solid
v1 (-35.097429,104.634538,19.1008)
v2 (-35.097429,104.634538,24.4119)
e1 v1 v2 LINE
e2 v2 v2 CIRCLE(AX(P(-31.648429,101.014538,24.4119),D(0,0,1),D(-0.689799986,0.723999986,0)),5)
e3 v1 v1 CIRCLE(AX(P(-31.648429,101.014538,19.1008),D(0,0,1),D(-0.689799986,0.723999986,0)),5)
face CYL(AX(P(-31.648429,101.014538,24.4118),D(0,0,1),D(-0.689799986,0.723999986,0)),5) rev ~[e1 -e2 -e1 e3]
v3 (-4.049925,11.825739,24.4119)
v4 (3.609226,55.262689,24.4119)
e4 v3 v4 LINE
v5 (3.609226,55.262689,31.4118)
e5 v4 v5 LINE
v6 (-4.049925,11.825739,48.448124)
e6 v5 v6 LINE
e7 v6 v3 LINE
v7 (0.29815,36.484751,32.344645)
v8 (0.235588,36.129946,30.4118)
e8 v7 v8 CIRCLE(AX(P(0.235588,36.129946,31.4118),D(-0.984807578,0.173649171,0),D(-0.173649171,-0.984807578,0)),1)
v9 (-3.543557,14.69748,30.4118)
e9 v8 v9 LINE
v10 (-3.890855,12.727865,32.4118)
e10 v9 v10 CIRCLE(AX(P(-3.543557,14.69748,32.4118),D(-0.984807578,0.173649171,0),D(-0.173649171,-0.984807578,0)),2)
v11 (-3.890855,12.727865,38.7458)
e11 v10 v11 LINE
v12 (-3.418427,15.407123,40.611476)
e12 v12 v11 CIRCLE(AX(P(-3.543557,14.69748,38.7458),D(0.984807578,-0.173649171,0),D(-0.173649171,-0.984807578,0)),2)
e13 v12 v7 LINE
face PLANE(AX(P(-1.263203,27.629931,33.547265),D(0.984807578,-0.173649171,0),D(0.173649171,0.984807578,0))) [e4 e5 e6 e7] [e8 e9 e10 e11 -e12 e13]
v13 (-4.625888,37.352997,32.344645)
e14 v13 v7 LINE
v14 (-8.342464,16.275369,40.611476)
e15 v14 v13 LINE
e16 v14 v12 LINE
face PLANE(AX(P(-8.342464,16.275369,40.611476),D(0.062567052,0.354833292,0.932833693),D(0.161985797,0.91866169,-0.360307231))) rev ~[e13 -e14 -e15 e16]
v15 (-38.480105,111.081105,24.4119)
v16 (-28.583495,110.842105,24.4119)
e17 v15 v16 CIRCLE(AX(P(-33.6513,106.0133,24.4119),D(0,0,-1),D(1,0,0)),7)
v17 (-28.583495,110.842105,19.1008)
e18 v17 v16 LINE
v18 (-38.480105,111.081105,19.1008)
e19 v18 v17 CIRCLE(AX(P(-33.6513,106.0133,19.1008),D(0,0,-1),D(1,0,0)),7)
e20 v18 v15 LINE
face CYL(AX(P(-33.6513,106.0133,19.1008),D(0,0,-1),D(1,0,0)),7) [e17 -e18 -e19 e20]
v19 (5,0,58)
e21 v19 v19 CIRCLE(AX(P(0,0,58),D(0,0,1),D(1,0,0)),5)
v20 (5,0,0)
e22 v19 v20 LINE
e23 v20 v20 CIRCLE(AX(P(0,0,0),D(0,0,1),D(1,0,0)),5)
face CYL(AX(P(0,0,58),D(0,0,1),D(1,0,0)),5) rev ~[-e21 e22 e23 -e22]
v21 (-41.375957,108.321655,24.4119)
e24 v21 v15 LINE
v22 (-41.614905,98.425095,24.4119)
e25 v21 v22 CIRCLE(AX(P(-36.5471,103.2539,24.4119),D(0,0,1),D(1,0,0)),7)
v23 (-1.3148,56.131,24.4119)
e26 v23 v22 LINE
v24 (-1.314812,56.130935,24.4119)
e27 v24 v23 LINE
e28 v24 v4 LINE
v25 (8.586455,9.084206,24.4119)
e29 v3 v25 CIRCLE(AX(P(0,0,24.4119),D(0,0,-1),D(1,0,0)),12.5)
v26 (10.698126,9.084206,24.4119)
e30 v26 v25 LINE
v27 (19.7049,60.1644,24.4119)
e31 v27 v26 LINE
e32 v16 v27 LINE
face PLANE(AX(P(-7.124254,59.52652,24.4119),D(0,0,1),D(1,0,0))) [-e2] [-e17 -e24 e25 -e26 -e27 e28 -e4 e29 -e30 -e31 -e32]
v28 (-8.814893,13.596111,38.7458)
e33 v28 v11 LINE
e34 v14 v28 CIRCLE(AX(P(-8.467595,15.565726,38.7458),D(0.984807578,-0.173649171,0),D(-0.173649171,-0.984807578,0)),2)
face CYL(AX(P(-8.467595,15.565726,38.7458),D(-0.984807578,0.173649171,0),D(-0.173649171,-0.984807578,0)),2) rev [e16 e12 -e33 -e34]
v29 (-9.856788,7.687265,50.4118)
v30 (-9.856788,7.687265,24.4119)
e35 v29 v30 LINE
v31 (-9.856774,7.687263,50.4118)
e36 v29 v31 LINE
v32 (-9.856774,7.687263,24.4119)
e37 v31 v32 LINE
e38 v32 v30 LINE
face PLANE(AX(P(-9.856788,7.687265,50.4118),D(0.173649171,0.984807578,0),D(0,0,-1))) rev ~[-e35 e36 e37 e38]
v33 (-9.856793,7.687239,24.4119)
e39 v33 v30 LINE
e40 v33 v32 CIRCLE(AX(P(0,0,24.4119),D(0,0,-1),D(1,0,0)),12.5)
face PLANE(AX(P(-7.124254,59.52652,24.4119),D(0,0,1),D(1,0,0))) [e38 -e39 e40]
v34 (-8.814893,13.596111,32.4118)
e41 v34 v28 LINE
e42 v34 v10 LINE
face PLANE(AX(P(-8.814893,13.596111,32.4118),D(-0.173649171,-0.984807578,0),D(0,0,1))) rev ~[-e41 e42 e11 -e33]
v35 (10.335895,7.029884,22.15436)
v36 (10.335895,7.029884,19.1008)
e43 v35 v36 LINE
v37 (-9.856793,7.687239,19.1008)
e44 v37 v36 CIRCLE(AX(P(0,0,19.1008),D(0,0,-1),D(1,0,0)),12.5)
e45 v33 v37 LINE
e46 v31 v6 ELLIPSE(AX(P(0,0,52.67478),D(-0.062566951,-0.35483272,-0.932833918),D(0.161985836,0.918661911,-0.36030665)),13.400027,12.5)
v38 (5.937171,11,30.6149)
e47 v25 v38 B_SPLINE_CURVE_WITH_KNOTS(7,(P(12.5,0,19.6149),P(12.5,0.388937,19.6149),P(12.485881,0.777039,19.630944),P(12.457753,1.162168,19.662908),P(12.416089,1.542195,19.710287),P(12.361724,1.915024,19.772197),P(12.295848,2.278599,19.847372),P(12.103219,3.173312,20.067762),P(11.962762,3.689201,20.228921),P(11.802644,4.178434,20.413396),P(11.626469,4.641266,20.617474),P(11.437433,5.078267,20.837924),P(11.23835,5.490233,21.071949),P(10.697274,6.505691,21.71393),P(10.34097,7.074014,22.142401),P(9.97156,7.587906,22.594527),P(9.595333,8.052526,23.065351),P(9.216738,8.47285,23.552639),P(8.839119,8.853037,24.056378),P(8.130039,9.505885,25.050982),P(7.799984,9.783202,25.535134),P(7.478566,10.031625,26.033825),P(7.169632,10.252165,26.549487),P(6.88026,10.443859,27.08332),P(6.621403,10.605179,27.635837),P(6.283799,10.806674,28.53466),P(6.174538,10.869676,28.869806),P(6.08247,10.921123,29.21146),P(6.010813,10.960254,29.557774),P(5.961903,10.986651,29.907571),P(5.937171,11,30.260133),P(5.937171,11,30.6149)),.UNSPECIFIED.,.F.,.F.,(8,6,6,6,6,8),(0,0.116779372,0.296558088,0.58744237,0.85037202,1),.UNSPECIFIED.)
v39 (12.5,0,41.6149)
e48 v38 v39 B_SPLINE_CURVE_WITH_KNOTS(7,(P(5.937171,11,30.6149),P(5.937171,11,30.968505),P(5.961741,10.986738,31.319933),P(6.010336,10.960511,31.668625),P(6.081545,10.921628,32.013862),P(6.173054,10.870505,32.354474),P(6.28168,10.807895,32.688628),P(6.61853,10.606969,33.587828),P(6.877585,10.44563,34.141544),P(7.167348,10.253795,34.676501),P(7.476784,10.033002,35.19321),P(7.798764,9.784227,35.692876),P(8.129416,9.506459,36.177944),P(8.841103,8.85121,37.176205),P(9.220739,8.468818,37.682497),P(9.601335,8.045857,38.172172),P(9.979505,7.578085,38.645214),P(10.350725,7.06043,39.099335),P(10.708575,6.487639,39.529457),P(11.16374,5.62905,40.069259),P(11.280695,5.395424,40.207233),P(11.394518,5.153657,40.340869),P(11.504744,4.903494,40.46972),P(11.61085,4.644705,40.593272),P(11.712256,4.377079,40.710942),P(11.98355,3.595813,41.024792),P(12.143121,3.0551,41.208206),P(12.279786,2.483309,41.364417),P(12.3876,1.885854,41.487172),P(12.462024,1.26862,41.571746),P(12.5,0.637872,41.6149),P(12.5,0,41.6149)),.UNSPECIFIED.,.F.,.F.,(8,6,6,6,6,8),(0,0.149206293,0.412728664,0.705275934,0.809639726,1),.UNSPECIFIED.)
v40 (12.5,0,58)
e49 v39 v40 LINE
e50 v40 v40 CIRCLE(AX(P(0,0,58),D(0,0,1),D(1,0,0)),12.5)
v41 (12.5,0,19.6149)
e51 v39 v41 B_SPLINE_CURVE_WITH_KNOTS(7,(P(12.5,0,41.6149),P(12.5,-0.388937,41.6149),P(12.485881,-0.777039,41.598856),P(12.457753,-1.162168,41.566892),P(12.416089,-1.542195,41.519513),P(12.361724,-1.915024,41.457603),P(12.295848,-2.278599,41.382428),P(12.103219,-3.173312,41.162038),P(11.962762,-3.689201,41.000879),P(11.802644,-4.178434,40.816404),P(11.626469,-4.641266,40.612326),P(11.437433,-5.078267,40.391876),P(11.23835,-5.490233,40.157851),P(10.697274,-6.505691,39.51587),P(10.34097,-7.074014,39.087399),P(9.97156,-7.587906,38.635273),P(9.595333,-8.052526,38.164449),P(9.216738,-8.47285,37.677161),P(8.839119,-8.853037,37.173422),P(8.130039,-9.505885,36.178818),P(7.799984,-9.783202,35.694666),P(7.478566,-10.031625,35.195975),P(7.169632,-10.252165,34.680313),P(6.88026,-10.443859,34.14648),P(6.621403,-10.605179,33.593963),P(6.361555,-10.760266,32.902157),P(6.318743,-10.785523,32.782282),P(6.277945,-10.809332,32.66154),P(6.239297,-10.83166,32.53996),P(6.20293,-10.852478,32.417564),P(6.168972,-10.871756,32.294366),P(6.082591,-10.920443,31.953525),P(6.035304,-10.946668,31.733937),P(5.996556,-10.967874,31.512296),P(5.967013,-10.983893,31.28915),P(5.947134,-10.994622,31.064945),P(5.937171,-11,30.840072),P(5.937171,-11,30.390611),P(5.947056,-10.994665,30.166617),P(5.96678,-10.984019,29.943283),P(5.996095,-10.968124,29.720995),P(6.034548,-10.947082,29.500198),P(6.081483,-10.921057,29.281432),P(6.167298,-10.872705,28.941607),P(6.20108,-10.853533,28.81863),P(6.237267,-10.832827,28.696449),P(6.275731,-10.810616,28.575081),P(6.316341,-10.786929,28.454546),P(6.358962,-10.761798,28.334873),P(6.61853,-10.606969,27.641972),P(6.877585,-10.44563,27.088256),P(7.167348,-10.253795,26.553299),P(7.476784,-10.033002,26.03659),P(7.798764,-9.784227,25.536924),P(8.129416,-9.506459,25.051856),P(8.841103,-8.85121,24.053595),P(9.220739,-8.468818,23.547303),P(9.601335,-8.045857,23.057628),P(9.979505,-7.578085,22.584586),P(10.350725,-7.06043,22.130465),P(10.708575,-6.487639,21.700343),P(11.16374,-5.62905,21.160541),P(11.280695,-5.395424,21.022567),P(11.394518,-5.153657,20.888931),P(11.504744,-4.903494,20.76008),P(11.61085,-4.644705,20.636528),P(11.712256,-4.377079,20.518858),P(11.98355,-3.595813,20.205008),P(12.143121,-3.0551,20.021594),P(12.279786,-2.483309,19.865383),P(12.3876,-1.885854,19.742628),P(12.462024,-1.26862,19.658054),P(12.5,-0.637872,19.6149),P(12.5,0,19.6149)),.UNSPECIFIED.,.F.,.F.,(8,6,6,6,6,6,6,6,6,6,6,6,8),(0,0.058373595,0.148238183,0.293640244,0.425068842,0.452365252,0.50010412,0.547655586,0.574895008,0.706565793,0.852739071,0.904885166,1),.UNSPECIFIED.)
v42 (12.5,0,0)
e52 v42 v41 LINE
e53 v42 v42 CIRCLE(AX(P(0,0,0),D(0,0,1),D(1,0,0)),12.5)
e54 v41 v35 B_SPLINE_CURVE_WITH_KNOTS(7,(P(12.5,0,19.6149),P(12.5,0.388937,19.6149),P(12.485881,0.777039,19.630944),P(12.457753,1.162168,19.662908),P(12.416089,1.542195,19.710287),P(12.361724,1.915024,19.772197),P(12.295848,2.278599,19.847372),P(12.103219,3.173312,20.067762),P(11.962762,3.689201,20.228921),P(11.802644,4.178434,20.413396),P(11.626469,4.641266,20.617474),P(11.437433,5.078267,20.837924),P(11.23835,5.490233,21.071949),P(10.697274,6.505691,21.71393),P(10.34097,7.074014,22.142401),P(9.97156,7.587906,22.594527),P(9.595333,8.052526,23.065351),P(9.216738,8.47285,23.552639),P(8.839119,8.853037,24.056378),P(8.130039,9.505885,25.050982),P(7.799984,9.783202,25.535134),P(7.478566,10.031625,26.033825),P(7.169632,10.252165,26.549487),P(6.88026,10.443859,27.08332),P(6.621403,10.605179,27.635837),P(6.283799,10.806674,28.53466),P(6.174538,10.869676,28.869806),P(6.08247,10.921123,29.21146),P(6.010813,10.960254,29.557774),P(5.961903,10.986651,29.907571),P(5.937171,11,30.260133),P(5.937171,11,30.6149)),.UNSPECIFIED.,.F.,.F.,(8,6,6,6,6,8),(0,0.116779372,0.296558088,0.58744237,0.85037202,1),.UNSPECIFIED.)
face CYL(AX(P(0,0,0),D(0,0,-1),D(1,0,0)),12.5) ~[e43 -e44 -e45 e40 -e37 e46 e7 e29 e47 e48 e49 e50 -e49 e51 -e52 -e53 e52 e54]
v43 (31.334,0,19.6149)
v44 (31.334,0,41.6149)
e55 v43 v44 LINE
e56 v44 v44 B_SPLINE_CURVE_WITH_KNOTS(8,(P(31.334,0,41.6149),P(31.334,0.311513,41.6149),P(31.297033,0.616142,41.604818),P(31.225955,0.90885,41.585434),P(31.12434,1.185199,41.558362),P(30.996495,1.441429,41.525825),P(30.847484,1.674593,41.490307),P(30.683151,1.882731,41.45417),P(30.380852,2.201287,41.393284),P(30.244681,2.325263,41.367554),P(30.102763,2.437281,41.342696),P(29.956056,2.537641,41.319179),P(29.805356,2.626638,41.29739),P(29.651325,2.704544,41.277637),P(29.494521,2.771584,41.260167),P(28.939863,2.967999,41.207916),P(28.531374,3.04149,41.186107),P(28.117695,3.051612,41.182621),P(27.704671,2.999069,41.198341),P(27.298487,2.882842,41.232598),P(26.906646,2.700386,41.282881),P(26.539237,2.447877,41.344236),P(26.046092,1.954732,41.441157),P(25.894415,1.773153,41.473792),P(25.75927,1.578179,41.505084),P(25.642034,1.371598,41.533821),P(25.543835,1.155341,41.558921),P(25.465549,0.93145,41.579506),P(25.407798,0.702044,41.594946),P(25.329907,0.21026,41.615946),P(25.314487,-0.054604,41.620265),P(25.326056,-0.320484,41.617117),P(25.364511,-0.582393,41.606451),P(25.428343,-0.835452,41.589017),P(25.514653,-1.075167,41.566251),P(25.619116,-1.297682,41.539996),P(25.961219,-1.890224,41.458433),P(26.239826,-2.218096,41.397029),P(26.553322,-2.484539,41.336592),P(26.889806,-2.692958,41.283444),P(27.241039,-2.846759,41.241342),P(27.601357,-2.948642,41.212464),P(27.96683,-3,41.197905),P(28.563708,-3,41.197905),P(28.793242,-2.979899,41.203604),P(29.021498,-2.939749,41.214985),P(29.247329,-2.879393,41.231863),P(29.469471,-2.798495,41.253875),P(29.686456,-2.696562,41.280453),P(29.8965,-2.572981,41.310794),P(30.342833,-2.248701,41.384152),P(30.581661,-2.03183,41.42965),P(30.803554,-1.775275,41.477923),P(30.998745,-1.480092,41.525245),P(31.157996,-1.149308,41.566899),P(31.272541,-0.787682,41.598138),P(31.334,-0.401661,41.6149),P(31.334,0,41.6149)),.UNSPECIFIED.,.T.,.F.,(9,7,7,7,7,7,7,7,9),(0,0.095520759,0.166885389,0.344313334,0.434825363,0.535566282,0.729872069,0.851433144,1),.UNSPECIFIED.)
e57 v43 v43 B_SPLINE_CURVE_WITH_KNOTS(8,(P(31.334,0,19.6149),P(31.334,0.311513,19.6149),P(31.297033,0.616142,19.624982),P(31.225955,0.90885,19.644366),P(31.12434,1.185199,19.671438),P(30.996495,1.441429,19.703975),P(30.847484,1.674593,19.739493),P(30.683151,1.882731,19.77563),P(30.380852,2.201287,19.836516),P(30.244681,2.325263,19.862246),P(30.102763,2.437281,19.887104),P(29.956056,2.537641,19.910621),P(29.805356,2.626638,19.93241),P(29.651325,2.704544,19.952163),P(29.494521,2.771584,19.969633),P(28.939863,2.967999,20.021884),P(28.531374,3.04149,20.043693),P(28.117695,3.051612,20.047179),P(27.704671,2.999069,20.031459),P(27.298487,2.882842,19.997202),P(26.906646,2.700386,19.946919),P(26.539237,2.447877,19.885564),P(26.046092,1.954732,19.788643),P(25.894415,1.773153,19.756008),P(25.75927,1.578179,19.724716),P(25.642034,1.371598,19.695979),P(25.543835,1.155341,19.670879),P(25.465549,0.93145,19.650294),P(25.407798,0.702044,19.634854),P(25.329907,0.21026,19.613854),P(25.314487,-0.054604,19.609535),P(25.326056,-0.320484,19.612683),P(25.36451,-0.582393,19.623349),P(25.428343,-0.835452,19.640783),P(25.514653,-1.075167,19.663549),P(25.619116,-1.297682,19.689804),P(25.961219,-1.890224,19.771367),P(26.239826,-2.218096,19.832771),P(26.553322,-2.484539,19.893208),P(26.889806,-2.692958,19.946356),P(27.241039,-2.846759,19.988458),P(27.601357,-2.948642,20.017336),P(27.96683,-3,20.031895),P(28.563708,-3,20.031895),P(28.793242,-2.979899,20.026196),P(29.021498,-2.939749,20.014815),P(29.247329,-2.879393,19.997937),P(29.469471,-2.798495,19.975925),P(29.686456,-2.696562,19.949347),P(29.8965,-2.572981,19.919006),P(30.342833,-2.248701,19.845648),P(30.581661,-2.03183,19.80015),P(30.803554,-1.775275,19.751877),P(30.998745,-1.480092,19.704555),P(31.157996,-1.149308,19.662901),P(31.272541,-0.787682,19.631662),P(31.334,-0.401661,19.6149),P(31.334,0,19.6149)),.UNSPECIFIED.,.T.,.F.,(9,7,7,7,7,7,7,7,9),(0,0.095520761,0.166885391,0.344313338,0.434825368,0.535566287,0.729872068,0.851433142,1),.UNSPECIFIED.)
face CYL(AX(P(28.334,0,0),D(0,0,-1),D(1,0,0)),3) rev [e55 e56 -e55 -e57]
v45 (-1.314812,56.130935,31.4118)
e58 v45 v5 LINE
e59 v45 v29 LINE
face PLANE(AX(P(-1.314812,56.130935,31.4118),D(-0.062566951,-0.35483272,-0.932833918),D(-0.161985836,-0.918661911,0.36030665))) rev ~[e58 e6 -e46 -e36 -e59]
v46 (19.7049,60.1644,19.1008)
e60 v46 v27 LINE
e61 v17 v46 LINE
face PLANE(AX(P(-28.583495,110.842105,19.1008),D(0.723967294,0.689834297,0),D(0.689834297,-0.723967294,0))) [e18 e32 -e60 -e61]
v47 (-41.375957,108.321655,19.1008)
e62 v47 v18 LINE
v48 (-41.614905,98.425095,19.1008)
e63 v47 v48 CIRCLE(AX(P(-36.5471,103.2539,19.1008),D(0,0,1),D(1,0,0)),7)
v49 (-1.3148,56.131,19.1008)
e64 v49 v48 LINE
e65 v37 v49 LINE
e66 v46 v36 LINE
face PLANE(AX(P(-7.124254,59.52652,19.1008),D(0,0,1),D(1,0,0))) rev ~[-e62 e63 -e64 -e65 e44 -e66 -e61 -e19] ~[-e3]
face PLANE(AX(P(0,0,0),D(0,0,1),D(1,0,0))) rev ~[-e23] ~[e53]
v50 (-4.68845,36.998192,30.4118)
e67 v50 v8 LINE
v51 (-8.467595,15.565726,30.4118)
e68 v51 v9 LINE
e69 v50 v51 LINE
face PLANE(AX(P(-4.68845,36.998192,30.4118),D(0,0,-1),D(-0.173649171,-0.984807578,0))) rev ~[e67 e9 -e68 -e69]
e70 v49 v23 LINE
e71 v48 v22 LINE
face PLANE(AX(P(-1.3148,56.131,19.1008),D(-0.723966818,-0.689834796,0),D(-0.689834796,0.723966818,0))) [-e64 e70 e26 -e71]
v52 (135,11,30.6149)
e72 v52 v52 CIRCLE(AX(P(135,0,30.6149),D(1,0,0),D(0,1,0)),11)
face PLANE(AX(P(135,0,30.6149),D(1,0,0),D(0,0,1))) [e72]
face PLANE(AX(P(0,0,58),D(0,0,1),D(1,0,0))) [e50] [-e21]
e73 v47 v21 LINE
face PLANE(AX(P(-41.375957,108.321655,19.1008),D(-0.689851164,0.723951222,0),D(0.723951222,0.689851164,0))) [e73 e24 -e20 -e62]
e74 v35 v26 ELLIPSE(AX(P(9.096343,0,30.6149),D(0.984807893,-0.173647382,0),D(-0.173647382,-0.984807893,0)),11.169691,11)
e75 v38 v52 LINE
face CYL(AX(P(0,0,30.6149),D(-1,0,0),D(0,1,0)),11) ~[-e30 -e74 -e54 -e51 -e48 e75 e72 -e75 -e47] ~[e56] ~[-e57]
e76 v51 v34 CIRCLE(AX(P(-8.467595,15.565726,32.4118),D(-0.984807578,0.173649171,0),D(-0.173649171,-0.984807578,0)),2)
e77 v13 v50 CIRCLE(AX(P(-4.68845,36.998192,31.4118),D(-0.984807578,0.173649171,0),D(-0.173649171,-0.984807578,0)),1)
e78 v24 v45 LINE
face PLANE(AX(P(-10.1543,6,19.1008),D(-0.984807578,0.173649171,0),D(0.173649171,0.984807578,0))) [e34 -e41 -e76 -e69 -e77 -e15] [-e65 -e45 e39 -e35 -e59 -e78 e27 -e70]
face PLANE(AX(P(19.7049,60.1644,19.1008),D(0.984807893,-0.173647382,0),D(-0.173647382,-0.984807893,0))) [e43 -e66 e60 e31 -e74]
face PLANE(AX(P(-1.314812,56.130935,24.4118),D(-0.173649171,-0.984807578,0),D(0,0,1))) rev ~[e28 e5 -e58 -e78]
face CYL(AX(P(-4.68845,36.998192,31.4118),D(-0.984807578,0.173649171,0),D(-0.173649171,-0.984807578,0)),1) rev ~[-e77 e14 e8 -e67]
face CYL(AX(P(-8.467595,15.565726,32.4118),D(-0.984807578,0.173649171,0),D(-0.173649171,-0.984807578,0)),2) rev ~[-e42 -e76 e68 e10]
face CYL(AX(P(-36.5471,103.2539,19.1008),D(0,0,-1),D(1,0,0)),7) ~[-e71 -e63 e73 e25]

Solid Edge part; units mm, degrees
sketch "Sketch1" plane through (0, 0, 0) normal (0, 0, 1) x (1, 0, 0)
  circle A0 centre (0, 0) radius 12.5
extrude "Protrusion1" add sketch "Sketch1" along normal blind 58
sketch "Sketch2" plane through (0, 0, 0) normal (1, 0, 0) x (0, 1, 0)
  circle A0 centre (0, 30.6149) radius 11
extrude "ExtrudedProtrusion_2" add sketch "Sketch2" along normal blind 135
sketch "Sketch3" plane through (0, 0, 58) normal (0, 0, 1) x (1, 0, 0)
  circle A0 centre (0, 0) radius 5
extrude "ExtrudedCutout_1" cut sketch "Sketch3" against normal blind 74.8467
cosmetic_thread "Thread_1" size "Tr 22 x 8" thread depth 22
sketch "Sketch4" plane through (0, 0, 0) normal (0, 0, 1) x (1, 0, 0)
  circle A0 centre (28.334, 0) radius 3
extrude "ExtrudedCutout_2" cut sketch "Sketch4" along normal blind 57.1507
sketch "Sketch5" plane through (0, 0, 19.1008) normal (0, 0, 1) x (1, 0, 0)
  arc A0 (-10.1543, 6) -> (10.1543, 6) centre (0, 0) cw
  line L0 (19.7049, 60.1644) -> (10.1543, 6)
  line L1 (-28.5835, 110.8421) -> (19.7049, 60.1644)
  arc A1 (-38.4801, 111.0811) -> (-28.5835, 110.8421) centre (-33.6513, 106.0133) cw
  line L2 (-41.376, 108.3217) -> (-38.4801, 111.0811)
  arc A2 (-41.376, 108.3217) -> (-41.6149, 98.4251) centre (-36.5471, 103.2539) ccw
  line L3 (-1.3148, 56.131) -> (-41.6149, 98.4251)
  line L4 (-10.1543, 6) -> (-1.3148, 56.131)
  dimension "D1" = 70
  dimension "D2" = 20
  dimension "D3" = 55
  dimension "D4" = 7
  dimension "D5" = 7
  dimension "D6" = 18
  dimension "D7" = 6
  dimension "D8" = 6
extrude "ExtrudedProtrusion_3" add sketch "Sketch5" along normal blind 5.3111
sketch "Sketch6" plane through (-15.6273, 67.3558, 24.4118) normal (0, 0, 1) x (-0.6898, 0.724, 0)
  circle A0 centre (35.4203, -11.6185) radius 5
  dimension "D1" = 12
extrude "ExtrudedCutout_5" cut sketch "Sketch6" against normal blind 21.5165 and the other way blind 19.734
sketch "Sketch7" plane through (-5.5858, 31.9091, 21.7563) normal (-0.9848, 0.1736, 0) x (-0.1736, -0.9848, 0)
  line L0 (24.5955, 2.6555) -> (-24.5955, 2.6555)
  line L1 (-24.5955, 2.6555) -> (-24.5955, 9.6555)
  line L2 (-24.5955, 9.6555) -> (24.5955, 28.6555)
  line L3 (24.5955, 28.6555) -> (24.5955, 2.6555)
  line L4 (-5.1676, 8.6555) -> (16.5955, 8.6555)
  arc A0 (16.5955, 8.6555) -> (18.5955, 10.6555) centre (16.5955, 10.6555) ccw
  line L5 (18.5955, 10.6555) -> (18.5955, 16.9895)
  arc A1 (15.8749, 18.8552) -> (18.5955, 16.9895) centre (16.5955, 16.9895) cw
  line L6 (15.8749, 18.8552) -> (-5.5279, 10.5884)
  arc A2 (-5.5279, 10.5884) -> (-5.1676, 8.6555) centre (-5.1676, 9.6555) ccw
  dimension "D1" = 26
  dimension "D2" = 7
  dimension "D3" = 6
  dimension "D4" = 6
  dimension "D5" = 6
  dimension "D6" = 2
  dimension "D7" = 2
  dimension "D8" = 1
extrude "ExtrudedProtrusion_5" add sketch "Sketch7" against normal blind 5
properties material "Steel"
